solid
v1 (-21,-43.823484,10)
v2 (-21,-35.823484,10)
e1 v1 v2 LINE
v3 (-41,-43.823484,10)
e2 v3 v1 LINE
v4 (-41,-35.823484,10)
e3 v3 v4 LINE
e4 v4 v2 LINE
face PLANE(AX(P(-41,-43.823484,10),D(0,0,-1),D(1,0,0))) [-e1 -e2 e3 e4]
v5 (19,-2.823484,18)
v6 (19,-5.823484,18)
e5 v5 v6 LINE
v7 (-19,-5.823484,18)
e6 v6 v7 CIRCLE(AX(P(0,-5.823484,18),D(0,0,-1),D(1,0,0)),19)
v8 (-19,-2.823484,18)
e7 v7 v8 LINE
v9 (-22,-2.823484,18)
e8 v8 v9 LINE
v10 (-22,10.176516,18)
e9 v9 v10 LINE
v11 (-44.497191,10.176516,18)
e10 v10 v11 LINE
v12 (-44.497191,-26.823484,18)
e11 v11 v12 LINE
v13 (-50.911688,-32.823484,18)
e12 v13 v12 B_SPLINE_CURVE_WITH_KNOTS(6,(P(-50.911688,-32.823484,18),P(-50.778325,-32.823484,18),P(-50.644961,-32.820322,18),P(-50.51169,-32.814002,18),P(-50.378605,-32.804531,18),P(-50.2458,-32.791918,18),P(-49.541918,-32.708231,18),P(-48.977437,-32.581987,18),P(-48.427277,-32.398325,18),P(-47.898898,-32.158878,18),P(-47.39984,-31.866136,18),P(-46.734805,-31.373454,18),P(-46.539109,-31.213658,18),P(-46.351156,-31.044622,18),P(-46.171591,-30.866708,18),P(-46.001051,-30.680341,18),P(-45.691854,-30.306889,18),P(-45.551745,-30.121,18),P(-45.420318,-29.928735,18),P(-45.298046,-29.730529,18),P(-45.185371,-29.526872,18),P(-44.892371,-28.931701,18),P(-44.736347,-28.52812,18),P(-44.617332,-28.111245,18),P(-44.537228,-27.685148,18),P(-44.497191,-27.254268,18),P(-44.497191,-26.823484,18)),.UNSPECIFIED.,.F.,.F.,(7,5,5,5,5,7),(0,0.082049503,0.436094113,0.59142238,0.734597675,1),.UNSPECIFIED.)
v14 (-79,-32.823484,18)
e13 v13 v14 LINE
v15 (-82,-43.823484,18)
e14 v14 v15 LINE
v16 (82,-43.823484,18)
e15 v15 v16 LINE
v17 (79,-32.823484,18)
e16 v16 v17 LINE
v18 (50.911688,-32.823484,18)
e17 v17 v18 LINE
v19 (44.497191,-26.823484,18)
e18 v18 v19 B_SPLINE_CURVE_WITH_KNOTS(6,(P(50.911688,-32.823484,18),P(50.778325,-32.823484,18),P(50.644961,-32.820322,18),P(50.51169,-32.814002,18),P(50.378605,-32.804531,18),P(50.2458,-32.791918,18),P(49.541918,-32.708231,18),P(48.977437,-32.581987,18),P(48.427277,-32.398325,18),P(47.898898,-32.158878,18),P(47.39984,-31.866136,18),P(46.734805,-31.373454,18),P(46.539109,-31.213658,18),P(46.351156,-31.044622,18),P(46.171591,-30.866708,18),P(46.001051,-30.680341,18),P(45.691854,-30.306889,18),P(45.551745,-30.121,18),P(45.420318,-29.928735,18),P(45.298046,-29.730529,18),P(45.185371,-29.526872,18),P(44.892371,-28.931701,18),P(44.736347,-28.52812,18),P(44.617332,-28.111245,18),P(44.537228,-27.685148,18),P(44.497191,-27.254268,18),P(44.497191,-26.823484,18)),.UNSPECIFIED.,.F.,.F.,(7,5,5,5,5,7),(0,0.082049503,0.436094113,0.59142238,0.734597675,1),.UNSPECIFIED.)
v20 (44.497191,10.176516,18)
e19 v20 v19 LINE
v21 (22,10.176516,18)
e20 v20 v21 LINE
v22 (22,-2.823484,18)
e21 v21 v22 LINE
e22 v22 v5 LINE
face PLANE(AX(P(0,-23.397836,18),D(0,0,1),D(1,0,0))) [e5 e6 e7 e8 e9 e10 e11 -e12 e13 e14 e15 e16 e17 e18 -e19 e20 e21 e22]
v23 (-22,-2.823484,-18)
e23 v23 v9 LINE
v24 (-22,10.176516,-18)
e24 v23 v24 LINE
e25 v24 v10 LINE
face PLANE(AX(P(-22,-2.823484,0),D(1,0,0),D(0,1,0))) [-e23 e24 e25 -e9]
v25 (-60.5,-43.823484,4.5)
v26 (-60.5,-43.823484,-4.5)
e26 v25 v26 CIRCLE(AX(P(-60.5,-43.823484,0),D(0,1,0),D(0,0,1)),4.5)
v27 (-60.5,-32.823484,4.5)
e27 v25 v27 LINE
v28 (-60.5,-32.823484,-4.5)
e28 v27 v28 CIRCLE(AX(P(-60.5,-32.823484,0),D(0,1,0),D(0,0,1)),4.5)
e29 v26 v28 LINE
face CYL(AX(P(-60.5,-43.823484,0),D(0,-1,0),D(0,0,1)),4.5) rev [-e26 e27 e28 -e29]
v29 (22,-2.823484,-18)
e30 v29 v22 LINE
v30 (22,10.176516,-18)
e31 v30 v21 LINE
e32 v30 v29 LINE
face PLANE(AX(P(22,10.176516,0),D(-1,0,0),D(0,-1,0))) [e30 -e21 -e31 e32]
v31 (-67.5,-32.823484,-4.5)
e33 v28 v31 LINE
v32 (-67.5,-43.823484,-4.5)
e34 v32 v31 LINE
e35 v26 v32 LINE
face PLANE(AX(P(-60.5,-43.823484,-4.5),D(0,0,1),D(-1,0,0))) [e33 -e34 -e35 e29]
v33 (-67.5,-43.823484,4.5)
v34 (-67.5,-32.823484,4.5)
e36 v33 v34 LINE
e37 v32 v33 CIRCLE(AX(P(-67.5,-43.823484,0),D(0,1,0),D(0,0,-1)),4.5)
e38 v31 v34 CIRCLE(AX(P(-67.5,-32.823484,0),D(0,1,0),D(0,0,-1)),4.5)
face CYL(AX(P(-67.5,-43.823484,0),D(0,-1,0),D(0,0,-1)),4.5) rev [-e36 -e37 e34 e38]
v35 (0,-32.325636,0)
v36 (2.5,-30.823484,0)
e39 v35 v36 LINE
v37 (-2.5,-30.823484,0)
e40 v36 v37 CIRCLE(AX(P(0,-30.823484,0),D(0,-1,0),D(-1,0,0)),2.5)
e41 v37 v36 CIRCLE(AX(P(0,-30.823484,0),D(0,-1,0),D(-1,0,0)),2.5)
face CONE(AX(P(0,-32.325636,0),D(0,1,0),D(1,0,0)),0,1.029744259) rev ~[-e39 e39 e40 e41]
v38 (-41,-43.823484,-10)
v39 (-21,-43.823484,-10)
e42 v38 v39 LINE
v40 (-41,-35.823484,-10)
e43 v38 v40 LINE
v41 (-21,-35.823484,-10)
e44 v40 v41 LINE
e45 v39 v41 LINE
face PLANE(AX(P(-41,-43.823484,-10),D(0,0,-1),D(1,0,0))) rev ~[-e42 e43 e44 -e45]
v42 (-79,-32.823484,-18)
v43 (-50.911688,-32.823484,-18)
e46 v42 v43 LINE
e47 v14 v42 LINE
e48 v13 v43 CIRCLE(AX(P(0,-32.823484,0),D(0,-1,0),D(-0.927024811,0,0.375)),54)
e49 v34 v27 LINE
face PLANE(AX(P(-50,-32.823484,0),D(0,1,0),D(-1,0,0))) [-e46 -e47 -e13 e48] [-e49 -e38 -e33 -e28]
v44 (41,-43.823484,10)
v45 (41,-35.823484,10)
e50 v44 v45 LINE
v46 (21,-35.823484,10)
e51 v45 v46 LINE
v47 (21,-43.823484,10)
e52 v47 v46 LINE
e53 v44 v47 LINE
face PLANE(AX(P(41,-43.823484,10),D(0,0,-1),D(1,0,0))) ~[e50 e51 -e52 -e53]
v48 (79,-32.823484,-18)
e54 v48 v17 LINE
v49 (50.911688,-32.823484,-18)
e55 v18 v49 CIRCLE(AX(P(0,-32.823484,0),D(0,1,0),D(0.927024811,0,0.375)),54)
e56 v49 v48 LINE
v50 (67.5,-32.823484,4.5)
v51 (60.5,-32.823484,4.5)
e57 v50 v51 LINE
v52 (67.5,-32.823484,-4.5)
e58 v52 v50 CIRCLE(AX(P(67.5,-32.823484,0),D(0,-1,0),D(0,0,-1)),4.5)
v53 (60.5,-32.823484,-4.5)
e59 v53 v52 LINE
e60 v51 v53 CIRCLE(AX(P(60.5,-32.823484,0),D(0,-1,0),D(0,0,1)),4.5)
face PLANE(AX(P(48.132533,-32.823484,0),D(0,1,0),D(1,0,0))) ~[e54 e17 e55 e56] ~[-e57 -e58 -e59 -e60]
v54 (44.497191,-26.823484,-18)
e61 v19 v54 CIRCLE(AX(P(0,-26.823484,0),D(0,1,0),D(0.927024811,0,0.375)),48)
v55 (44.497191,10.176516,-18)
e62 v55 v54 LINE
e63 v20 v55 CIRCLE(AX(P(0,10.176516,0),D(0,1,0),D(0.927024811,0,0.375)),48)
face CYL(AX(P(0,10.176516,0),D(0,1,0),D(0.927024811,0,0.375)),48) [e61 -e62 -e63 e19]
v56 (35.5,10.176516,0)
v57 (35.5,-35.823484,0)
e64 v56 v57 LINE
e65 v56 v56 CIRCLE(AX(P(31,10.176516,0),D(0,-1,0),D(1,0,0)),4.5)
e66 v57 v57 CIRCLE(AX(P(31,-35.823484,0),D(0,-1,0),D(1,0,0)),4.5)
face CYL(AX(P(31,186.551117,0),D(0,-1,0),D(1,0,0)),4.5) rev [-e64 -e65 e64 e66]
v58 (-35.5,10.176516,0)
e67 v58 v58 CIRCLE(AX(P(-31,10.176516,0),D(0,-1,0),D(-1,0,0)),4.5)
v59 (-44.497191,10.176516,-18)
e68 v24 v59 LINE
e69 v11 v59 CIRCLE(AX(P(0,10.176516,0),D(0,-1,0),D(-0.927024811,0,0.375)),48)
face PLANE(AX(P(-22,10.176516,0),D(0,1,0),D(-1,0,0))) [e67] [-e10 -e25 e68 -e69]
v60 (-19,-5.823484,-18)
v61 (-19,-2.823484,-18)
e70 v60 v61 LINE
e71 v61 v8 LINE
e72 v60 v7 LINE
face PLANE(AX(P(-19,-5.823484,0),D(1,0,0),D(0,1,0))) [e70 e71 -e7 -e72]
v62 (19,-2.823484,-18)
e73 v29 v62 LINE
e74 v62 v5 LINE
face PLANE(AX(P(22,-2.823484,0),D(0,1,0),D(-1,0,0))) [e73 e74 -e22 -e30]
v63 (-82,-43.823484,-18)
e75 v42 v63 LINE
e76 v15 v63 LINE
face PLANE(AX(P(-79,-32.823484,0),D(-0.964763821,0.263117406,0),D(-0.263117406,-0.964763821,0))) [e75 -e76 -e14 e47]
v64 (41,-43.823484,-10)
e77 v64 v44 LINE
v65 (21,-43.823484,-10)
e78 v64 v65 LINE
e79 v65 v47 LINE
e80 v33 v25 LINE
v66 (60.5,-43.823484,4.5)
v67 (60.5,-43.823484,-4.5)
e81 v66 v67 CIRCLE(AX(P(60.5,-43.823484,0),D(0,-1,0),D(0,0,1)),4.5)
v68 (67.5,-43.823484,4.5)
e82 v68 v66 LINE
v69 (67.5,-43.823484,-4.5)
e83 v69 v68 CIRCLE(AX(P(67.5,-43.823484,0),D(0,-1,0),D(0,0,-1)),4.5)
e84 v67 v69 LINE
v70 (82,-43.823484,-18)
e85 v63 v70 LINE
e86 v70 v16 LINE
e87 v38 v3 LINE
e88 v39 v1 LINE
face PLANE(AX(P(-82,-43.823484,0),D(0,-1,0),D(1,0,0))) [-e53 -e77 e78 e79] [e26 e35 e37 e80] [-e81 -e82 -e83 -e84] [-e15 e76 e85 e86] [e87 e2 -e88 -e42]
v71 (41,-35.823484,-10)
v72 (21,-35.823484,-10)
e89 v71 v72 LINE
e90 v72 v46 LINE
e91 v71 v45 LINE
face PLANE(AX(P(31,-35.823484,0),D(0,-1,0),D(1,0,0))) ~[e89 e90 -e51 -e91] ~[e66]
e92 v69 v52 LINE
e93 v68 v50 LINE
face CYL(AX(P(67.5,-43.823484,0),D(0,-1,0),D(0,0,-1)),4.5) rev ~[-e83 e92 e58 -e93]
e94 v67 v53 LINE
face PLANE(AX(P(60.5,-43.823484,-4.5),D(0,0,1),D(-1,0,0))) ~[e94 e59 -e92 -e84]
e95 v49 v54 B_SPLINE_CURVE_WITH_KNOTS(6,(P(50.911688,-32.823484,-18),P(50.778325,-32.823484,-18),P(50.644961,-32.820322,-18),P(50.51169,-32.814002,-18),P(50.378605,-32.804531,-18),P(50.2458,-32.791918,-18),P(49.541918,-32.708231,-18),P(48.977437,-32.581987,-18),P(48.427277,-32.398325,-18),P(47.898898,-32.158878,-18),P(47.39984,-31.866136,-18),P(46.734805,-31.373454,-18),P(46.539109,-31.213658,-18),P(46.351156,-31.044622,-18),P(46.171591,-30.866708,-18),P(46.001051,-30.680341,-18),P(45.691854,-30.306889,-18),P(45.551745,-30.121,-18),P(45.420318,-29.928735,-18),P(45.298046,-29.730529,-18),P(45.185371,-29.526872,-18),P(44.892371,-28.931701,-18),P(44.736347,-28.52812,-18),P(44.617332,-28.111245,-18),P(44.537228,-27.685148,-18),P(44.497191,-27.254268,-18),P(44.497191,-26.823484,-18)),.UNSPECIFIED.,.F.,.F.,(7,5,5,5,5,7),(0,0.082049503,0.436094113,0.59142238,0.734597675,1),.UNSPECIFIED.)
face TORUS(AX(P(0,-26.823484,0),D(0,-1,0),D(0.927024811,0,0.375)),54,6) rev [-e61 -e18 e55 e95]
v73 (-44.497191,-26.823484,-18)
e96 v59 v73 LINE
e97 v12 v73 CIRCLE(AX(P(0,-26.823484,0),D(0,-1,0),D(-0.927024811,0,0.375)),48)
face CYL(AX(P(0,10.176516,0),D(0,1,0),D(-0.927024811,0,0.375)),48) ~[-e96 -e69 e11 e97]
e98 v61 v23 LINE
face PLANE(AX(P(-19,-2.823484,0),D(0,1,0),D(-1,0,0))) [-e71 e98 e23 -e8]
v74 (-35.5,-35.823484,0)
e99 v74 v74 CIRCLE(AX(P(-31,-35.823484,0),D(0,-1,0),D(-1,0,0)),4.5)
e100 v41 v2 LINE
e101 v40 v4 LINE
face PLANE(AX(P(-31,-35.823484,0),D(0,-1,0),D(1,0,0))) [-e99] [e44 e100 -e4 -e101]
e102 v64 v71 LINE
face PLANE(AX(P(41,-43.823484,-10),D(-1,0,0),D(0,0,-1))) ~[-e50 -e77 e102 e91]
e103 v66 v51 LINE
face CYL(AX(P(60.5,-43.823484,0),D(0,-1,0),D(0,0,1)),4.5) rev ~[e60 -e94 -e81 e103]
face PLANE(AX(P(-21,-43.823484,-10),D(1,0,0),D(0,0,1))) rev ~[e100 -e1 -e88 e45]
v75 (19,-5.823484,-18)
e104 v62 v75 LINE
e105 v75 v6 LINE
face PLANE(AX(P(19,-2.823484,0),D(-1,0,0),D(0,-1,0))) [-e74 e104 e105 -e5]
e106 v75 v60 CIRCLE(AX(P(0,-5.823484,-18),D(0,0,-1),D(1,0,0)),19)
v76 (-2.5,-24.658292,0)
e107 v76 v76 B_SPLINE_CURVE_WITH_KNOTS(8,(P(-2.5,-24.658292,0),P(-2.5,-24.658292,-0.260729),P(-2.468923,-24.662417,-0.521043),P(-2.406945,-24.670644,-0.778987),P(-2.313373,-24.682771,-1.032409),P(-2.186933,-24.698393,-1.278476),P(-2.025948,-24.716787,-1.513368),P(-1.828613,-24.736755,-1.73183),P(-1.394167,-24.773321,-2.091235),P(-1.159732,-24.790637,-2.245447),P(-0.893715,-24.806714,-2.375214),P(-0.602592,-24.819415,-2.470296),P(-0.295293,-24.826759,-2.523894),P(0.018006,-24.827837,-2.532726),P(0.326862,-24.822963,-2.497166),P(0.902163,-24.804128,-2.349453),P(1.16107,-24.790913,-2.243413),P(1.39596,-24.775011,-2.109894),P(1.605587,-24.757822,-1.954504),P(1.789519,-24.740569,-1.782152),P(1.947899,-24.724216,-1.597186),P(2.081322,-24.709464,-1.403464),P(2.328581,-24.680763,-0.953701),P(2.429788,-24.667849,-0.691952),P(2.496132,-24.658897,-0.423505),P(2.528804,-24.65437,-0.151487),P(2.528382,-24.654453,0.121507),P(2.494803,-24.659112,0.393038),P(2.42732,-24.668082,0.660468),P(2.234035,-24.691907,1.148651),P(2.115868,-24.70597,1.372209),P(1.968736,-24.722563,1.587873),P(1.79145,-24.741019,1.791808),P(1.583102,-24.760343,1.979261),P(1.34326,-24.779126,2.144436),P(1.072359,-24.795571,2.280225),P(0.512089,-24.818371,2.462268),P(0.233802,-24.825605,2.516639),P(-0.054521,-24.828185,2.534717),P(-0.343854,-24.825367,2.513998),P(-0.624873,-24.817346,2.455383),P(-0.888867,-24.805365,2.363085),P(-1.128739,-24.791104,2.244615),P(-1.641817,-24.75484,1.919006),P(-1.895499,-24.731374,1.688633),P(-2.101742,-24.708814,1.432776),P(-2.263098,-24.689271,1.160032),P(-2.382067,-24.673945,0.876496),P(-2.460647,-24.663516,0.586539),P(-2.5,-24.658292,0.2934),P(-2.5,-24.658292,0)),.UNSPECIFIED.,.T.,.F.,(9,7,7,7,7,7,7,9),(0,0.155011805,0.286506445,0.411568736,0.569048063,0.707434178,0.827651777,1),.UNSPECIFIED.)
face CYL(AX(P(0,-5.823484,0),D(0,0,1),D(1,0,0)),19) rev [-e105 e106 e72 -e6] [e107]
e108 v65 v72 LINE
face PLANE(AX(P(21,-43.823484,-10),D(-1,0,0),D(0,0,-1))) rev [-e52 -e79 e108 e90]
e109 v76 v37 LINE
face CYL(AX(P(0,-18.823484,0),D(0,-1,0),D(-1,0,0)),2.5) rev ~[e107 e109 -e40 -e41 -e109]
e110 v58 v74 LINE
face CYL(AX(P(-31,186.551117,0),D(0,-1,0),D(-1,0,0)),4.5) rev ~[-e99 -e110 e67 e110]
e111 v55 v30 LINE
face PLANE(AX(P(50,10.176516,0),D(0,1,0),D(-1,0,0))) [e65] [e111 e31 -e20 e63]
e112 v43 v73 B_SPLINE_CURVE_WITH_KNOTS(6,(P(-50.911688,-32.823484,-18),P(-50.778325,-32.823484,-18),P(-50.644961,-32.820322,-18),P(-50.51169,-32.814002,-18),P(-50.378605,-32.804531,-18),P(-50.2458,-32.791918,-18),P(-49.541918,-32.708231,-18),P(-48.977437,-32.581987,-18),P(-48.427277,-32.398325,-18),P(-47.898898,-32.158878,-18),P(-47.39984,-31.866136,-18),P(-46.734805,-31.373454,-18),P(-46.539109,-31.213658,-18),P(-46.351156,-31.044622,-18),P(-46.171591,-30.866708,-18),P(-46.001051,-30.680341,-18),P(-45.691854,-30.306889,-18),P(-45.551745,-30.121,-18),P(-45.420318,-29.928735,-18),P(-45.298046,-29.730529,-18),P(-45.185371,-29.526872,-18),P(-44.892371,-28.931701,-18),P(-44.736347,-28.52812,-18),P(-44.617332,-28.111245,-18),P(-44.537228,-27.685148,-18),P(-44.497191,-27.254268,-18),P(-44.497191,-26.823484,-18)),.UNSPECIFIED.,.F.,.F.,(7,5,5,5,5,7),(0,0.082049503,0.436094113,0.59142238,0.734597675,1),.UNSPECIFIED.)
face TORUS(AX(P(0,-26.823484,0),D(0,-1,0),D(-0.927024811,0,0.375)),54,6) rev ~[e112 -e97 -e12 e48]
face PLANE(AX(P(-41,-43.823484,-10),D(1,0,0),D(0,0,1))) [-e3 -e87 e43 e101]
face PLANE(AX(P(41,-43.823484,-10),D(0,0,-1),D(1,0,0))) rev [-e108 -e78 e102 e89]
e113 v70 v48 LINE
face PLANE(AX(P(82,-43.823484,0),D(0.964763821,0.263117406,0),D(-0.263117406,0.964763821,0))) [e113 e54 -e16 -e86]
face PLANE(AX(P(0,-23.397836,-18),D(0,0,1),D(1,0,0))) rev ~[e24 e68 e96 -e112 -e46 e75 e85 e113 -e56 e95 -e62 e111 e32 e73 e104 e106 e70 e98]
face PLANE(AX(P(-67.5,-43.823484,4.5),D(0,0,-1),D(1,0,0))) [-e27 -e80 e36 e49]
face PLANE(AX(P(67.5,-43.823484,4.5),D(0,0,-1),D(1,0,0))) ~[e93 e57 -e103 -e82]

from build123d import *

# Parameters (mm, degrees)
BOSS_EXTRUDE3_DEPTH   = 18
CUT_EXTRUDE1_DEPTH    = 43
M6_TAPPED_HOLE1_D     = 5
M6_TAPPED_HOLE1_DEPTH = 6
M6_TAPPED_HOLE1_TIP   = 1.502151548
M10_TAPPED_HOLE1_D    = 9
SKETCH9_W             = 20
SKETCH9_H             = 20
CUT_EXTRUDE2_DEPTH    = 8
CUT_EXTRUDE3_DEPTH    = 11
FILLET2_R             = 6
FILLET3_R             = 6


with BuildPart() as part:
    # Sketch1 → Boss-Extrude3 (new body, symmetric)
    with BuildSketch(Plane.XY):
        with BuildLine():
            Line((-82, -43.82348407), (82, -43.82348407))
            Line((82, -43.82348407), (79, -32.82348407))
            Line((79, -32.82348407), (50, -32.82348407))
            Line((50, -32.82348407), (50, 10.17651593))
            Line((50, 10.17651593), (22, 10.17651593))
            Line((22, 10.17651593), (22, -2.82348407))
            Line((22, -2.82348407), (19, -2.82348407))
            Line((19, -2.82348407), (19, -5.82348407))
            ThreePointArc((19, -5.82348407), (0, -24.82348407), (-19, -5.82348407))
            Line((-19, -5.82348407), (-19, -2.82348407))
            Line((-19, -2.82348407), (-22, -2.82348407))
            Line((-22, -2.82348407), (-22, 10.17651593))
            Line((-22, 10.17651593), (-50, 10.17651593))
            Line((-50, 10.17651593), (-50, -32.82348407))
            Line((-50, -32.82348407), (-79, -32.82348407))
            Line((-79, -32.82348407), (-82, -43.82348407))
        make_face()
    extrude(amount=BOSS_EXTRUDE3_DEPTH, both=True)

    # Sketch3 → Cut-Extrude1 (cut)
    with BuildSketch(Plane(origin=(0, 10.17651593, 0), x_dir=(1, 0, 0), z_dir=(0, 1, 0))):
        with BuildLine():
            Line((-44.497190923, 18), (-50, 18))
            Line((-50, 18), (-50, -18))
            Line((-50, -18), (-44.497190923, -18))
            ThreePointArc((-44.497190923, -18), (-48, 0), (-44.497190923, 18))
        make_face()
    cut_extrude1 = extrude(amount=-CUT_EXTRUDE1_DEPTH, mode=Mode.SUBTRACT)

    # Mirror1: Cut-Extrude1 across plane
    add(cut_extrude1.mirror(Plane(origin=(0, 0, 0), x_dir=(0, 0, 1), z_dir=(1, 0, 0))), mode=Mode.SUBTRACT)

    # M6 Tapped Hole1
    with Locations(Plane(origin=(0, -24.82348407, 0), x_dir=(1, 0, 0), z_dir=(0, 1, 0))):
        with Locations((0, 0)):
            Hole(M6_TAPPED_HOLE1_D / 2, depth=M6_TAPPED_HOLE1_DEPTH)
            with Locations((0, 0, -(M6_TAPPED_HOLE1_DEPTH + M6_TAPPED_HOLE1_TIP / 2))):  # 118° drill point
                Cone(0, M6_TAPPED_HOLE1_D / 2, M6_TAPPED_HOLE1_TIP, mode=Mode.SUBTRACT)

    # M10 Tapped Hole1 (through all)
    with Locations(Plane(origin=(0, 10.17651593, 0), x_dir=(1, 0, 0), z_dir=(0, 1, 0))):
        with Locations((-31, 0)):
            m10_tapped_hole1 = Hole(M10_TAPPED_HOLE1_D / 2)

    # Sketch9 → Cut-Extrude2 (cut)
    with BuildSketch(Plane.XZ.offset(43.82348407)):
        with Locations((-31, 0)):
            Rectangle(SKETCH9_W, SKETCH9_H)
    cut_extrude2 = extrude(amount=-CUT_EXTRUDE2_DEPTH, mode=Mode.SUBTRACT)

    # Sketch10 → Cut-Extrude3 (cut)
    with BuildSketch(Plane.XZ.offset(43.82348407)):
        with BuildLine():
            Line((-67.5, 4.5), (-60.5, 4.5))
            ThreePointArc((-60.5, 4.5), (-56, 0), (-60.5, -4.5))
            Line((-60.5, -4.5), (-67.5, -4.5))
            ThreePointArc((-67.5, -4.5), (-72, 0), (-67.5, 4.5))
        make_face()
    cut_extrude3 = extrude(amount=-CUT_EXTRUDE3_DEPTH, mode=Mode.SUBTRACT)

    # Mirror2: M10 Tapped Hole1, Cut-Extrude2, Cut-Extrude3 across plane
    add(m10_tapped_hole1.mirror(Plane(origin=(0, 0, 0), x_dir=(0, 0, 1), z_dir=(1, 0, 0))), mode=Mode.SUBTRACT)
    add(cut_extrude2.mirror(Plane(origin=(0, 0, 0), x_dir=(0, 0, 1), z_dir=(1, 0, 0))), mode=Mode.SUBTRACT)
    add(cut_extrude3.mirror(Plane(origin=(0, 0, 0), x_dir=(0, 0, 1), z_dir=(1, 0, 0))), mode=Mode.SUBTRACT)

    # Fillet2
    fillet2_edges = [part.edges().sort_by_distance(p)[0] for p in [
        (-48, -32.82348407, 0),
    ]]
    fillet(fillet2_edges, radius=FILLET2_R)

    # Fillet3
    fillet3_edges = [part.edges().sort_by_distance(p)[0] for p in [
        (48, -32.82348407, 0),
    ]]
    fillet(fillet3_edges, radius=FILLET3_R)


solid = part.part
